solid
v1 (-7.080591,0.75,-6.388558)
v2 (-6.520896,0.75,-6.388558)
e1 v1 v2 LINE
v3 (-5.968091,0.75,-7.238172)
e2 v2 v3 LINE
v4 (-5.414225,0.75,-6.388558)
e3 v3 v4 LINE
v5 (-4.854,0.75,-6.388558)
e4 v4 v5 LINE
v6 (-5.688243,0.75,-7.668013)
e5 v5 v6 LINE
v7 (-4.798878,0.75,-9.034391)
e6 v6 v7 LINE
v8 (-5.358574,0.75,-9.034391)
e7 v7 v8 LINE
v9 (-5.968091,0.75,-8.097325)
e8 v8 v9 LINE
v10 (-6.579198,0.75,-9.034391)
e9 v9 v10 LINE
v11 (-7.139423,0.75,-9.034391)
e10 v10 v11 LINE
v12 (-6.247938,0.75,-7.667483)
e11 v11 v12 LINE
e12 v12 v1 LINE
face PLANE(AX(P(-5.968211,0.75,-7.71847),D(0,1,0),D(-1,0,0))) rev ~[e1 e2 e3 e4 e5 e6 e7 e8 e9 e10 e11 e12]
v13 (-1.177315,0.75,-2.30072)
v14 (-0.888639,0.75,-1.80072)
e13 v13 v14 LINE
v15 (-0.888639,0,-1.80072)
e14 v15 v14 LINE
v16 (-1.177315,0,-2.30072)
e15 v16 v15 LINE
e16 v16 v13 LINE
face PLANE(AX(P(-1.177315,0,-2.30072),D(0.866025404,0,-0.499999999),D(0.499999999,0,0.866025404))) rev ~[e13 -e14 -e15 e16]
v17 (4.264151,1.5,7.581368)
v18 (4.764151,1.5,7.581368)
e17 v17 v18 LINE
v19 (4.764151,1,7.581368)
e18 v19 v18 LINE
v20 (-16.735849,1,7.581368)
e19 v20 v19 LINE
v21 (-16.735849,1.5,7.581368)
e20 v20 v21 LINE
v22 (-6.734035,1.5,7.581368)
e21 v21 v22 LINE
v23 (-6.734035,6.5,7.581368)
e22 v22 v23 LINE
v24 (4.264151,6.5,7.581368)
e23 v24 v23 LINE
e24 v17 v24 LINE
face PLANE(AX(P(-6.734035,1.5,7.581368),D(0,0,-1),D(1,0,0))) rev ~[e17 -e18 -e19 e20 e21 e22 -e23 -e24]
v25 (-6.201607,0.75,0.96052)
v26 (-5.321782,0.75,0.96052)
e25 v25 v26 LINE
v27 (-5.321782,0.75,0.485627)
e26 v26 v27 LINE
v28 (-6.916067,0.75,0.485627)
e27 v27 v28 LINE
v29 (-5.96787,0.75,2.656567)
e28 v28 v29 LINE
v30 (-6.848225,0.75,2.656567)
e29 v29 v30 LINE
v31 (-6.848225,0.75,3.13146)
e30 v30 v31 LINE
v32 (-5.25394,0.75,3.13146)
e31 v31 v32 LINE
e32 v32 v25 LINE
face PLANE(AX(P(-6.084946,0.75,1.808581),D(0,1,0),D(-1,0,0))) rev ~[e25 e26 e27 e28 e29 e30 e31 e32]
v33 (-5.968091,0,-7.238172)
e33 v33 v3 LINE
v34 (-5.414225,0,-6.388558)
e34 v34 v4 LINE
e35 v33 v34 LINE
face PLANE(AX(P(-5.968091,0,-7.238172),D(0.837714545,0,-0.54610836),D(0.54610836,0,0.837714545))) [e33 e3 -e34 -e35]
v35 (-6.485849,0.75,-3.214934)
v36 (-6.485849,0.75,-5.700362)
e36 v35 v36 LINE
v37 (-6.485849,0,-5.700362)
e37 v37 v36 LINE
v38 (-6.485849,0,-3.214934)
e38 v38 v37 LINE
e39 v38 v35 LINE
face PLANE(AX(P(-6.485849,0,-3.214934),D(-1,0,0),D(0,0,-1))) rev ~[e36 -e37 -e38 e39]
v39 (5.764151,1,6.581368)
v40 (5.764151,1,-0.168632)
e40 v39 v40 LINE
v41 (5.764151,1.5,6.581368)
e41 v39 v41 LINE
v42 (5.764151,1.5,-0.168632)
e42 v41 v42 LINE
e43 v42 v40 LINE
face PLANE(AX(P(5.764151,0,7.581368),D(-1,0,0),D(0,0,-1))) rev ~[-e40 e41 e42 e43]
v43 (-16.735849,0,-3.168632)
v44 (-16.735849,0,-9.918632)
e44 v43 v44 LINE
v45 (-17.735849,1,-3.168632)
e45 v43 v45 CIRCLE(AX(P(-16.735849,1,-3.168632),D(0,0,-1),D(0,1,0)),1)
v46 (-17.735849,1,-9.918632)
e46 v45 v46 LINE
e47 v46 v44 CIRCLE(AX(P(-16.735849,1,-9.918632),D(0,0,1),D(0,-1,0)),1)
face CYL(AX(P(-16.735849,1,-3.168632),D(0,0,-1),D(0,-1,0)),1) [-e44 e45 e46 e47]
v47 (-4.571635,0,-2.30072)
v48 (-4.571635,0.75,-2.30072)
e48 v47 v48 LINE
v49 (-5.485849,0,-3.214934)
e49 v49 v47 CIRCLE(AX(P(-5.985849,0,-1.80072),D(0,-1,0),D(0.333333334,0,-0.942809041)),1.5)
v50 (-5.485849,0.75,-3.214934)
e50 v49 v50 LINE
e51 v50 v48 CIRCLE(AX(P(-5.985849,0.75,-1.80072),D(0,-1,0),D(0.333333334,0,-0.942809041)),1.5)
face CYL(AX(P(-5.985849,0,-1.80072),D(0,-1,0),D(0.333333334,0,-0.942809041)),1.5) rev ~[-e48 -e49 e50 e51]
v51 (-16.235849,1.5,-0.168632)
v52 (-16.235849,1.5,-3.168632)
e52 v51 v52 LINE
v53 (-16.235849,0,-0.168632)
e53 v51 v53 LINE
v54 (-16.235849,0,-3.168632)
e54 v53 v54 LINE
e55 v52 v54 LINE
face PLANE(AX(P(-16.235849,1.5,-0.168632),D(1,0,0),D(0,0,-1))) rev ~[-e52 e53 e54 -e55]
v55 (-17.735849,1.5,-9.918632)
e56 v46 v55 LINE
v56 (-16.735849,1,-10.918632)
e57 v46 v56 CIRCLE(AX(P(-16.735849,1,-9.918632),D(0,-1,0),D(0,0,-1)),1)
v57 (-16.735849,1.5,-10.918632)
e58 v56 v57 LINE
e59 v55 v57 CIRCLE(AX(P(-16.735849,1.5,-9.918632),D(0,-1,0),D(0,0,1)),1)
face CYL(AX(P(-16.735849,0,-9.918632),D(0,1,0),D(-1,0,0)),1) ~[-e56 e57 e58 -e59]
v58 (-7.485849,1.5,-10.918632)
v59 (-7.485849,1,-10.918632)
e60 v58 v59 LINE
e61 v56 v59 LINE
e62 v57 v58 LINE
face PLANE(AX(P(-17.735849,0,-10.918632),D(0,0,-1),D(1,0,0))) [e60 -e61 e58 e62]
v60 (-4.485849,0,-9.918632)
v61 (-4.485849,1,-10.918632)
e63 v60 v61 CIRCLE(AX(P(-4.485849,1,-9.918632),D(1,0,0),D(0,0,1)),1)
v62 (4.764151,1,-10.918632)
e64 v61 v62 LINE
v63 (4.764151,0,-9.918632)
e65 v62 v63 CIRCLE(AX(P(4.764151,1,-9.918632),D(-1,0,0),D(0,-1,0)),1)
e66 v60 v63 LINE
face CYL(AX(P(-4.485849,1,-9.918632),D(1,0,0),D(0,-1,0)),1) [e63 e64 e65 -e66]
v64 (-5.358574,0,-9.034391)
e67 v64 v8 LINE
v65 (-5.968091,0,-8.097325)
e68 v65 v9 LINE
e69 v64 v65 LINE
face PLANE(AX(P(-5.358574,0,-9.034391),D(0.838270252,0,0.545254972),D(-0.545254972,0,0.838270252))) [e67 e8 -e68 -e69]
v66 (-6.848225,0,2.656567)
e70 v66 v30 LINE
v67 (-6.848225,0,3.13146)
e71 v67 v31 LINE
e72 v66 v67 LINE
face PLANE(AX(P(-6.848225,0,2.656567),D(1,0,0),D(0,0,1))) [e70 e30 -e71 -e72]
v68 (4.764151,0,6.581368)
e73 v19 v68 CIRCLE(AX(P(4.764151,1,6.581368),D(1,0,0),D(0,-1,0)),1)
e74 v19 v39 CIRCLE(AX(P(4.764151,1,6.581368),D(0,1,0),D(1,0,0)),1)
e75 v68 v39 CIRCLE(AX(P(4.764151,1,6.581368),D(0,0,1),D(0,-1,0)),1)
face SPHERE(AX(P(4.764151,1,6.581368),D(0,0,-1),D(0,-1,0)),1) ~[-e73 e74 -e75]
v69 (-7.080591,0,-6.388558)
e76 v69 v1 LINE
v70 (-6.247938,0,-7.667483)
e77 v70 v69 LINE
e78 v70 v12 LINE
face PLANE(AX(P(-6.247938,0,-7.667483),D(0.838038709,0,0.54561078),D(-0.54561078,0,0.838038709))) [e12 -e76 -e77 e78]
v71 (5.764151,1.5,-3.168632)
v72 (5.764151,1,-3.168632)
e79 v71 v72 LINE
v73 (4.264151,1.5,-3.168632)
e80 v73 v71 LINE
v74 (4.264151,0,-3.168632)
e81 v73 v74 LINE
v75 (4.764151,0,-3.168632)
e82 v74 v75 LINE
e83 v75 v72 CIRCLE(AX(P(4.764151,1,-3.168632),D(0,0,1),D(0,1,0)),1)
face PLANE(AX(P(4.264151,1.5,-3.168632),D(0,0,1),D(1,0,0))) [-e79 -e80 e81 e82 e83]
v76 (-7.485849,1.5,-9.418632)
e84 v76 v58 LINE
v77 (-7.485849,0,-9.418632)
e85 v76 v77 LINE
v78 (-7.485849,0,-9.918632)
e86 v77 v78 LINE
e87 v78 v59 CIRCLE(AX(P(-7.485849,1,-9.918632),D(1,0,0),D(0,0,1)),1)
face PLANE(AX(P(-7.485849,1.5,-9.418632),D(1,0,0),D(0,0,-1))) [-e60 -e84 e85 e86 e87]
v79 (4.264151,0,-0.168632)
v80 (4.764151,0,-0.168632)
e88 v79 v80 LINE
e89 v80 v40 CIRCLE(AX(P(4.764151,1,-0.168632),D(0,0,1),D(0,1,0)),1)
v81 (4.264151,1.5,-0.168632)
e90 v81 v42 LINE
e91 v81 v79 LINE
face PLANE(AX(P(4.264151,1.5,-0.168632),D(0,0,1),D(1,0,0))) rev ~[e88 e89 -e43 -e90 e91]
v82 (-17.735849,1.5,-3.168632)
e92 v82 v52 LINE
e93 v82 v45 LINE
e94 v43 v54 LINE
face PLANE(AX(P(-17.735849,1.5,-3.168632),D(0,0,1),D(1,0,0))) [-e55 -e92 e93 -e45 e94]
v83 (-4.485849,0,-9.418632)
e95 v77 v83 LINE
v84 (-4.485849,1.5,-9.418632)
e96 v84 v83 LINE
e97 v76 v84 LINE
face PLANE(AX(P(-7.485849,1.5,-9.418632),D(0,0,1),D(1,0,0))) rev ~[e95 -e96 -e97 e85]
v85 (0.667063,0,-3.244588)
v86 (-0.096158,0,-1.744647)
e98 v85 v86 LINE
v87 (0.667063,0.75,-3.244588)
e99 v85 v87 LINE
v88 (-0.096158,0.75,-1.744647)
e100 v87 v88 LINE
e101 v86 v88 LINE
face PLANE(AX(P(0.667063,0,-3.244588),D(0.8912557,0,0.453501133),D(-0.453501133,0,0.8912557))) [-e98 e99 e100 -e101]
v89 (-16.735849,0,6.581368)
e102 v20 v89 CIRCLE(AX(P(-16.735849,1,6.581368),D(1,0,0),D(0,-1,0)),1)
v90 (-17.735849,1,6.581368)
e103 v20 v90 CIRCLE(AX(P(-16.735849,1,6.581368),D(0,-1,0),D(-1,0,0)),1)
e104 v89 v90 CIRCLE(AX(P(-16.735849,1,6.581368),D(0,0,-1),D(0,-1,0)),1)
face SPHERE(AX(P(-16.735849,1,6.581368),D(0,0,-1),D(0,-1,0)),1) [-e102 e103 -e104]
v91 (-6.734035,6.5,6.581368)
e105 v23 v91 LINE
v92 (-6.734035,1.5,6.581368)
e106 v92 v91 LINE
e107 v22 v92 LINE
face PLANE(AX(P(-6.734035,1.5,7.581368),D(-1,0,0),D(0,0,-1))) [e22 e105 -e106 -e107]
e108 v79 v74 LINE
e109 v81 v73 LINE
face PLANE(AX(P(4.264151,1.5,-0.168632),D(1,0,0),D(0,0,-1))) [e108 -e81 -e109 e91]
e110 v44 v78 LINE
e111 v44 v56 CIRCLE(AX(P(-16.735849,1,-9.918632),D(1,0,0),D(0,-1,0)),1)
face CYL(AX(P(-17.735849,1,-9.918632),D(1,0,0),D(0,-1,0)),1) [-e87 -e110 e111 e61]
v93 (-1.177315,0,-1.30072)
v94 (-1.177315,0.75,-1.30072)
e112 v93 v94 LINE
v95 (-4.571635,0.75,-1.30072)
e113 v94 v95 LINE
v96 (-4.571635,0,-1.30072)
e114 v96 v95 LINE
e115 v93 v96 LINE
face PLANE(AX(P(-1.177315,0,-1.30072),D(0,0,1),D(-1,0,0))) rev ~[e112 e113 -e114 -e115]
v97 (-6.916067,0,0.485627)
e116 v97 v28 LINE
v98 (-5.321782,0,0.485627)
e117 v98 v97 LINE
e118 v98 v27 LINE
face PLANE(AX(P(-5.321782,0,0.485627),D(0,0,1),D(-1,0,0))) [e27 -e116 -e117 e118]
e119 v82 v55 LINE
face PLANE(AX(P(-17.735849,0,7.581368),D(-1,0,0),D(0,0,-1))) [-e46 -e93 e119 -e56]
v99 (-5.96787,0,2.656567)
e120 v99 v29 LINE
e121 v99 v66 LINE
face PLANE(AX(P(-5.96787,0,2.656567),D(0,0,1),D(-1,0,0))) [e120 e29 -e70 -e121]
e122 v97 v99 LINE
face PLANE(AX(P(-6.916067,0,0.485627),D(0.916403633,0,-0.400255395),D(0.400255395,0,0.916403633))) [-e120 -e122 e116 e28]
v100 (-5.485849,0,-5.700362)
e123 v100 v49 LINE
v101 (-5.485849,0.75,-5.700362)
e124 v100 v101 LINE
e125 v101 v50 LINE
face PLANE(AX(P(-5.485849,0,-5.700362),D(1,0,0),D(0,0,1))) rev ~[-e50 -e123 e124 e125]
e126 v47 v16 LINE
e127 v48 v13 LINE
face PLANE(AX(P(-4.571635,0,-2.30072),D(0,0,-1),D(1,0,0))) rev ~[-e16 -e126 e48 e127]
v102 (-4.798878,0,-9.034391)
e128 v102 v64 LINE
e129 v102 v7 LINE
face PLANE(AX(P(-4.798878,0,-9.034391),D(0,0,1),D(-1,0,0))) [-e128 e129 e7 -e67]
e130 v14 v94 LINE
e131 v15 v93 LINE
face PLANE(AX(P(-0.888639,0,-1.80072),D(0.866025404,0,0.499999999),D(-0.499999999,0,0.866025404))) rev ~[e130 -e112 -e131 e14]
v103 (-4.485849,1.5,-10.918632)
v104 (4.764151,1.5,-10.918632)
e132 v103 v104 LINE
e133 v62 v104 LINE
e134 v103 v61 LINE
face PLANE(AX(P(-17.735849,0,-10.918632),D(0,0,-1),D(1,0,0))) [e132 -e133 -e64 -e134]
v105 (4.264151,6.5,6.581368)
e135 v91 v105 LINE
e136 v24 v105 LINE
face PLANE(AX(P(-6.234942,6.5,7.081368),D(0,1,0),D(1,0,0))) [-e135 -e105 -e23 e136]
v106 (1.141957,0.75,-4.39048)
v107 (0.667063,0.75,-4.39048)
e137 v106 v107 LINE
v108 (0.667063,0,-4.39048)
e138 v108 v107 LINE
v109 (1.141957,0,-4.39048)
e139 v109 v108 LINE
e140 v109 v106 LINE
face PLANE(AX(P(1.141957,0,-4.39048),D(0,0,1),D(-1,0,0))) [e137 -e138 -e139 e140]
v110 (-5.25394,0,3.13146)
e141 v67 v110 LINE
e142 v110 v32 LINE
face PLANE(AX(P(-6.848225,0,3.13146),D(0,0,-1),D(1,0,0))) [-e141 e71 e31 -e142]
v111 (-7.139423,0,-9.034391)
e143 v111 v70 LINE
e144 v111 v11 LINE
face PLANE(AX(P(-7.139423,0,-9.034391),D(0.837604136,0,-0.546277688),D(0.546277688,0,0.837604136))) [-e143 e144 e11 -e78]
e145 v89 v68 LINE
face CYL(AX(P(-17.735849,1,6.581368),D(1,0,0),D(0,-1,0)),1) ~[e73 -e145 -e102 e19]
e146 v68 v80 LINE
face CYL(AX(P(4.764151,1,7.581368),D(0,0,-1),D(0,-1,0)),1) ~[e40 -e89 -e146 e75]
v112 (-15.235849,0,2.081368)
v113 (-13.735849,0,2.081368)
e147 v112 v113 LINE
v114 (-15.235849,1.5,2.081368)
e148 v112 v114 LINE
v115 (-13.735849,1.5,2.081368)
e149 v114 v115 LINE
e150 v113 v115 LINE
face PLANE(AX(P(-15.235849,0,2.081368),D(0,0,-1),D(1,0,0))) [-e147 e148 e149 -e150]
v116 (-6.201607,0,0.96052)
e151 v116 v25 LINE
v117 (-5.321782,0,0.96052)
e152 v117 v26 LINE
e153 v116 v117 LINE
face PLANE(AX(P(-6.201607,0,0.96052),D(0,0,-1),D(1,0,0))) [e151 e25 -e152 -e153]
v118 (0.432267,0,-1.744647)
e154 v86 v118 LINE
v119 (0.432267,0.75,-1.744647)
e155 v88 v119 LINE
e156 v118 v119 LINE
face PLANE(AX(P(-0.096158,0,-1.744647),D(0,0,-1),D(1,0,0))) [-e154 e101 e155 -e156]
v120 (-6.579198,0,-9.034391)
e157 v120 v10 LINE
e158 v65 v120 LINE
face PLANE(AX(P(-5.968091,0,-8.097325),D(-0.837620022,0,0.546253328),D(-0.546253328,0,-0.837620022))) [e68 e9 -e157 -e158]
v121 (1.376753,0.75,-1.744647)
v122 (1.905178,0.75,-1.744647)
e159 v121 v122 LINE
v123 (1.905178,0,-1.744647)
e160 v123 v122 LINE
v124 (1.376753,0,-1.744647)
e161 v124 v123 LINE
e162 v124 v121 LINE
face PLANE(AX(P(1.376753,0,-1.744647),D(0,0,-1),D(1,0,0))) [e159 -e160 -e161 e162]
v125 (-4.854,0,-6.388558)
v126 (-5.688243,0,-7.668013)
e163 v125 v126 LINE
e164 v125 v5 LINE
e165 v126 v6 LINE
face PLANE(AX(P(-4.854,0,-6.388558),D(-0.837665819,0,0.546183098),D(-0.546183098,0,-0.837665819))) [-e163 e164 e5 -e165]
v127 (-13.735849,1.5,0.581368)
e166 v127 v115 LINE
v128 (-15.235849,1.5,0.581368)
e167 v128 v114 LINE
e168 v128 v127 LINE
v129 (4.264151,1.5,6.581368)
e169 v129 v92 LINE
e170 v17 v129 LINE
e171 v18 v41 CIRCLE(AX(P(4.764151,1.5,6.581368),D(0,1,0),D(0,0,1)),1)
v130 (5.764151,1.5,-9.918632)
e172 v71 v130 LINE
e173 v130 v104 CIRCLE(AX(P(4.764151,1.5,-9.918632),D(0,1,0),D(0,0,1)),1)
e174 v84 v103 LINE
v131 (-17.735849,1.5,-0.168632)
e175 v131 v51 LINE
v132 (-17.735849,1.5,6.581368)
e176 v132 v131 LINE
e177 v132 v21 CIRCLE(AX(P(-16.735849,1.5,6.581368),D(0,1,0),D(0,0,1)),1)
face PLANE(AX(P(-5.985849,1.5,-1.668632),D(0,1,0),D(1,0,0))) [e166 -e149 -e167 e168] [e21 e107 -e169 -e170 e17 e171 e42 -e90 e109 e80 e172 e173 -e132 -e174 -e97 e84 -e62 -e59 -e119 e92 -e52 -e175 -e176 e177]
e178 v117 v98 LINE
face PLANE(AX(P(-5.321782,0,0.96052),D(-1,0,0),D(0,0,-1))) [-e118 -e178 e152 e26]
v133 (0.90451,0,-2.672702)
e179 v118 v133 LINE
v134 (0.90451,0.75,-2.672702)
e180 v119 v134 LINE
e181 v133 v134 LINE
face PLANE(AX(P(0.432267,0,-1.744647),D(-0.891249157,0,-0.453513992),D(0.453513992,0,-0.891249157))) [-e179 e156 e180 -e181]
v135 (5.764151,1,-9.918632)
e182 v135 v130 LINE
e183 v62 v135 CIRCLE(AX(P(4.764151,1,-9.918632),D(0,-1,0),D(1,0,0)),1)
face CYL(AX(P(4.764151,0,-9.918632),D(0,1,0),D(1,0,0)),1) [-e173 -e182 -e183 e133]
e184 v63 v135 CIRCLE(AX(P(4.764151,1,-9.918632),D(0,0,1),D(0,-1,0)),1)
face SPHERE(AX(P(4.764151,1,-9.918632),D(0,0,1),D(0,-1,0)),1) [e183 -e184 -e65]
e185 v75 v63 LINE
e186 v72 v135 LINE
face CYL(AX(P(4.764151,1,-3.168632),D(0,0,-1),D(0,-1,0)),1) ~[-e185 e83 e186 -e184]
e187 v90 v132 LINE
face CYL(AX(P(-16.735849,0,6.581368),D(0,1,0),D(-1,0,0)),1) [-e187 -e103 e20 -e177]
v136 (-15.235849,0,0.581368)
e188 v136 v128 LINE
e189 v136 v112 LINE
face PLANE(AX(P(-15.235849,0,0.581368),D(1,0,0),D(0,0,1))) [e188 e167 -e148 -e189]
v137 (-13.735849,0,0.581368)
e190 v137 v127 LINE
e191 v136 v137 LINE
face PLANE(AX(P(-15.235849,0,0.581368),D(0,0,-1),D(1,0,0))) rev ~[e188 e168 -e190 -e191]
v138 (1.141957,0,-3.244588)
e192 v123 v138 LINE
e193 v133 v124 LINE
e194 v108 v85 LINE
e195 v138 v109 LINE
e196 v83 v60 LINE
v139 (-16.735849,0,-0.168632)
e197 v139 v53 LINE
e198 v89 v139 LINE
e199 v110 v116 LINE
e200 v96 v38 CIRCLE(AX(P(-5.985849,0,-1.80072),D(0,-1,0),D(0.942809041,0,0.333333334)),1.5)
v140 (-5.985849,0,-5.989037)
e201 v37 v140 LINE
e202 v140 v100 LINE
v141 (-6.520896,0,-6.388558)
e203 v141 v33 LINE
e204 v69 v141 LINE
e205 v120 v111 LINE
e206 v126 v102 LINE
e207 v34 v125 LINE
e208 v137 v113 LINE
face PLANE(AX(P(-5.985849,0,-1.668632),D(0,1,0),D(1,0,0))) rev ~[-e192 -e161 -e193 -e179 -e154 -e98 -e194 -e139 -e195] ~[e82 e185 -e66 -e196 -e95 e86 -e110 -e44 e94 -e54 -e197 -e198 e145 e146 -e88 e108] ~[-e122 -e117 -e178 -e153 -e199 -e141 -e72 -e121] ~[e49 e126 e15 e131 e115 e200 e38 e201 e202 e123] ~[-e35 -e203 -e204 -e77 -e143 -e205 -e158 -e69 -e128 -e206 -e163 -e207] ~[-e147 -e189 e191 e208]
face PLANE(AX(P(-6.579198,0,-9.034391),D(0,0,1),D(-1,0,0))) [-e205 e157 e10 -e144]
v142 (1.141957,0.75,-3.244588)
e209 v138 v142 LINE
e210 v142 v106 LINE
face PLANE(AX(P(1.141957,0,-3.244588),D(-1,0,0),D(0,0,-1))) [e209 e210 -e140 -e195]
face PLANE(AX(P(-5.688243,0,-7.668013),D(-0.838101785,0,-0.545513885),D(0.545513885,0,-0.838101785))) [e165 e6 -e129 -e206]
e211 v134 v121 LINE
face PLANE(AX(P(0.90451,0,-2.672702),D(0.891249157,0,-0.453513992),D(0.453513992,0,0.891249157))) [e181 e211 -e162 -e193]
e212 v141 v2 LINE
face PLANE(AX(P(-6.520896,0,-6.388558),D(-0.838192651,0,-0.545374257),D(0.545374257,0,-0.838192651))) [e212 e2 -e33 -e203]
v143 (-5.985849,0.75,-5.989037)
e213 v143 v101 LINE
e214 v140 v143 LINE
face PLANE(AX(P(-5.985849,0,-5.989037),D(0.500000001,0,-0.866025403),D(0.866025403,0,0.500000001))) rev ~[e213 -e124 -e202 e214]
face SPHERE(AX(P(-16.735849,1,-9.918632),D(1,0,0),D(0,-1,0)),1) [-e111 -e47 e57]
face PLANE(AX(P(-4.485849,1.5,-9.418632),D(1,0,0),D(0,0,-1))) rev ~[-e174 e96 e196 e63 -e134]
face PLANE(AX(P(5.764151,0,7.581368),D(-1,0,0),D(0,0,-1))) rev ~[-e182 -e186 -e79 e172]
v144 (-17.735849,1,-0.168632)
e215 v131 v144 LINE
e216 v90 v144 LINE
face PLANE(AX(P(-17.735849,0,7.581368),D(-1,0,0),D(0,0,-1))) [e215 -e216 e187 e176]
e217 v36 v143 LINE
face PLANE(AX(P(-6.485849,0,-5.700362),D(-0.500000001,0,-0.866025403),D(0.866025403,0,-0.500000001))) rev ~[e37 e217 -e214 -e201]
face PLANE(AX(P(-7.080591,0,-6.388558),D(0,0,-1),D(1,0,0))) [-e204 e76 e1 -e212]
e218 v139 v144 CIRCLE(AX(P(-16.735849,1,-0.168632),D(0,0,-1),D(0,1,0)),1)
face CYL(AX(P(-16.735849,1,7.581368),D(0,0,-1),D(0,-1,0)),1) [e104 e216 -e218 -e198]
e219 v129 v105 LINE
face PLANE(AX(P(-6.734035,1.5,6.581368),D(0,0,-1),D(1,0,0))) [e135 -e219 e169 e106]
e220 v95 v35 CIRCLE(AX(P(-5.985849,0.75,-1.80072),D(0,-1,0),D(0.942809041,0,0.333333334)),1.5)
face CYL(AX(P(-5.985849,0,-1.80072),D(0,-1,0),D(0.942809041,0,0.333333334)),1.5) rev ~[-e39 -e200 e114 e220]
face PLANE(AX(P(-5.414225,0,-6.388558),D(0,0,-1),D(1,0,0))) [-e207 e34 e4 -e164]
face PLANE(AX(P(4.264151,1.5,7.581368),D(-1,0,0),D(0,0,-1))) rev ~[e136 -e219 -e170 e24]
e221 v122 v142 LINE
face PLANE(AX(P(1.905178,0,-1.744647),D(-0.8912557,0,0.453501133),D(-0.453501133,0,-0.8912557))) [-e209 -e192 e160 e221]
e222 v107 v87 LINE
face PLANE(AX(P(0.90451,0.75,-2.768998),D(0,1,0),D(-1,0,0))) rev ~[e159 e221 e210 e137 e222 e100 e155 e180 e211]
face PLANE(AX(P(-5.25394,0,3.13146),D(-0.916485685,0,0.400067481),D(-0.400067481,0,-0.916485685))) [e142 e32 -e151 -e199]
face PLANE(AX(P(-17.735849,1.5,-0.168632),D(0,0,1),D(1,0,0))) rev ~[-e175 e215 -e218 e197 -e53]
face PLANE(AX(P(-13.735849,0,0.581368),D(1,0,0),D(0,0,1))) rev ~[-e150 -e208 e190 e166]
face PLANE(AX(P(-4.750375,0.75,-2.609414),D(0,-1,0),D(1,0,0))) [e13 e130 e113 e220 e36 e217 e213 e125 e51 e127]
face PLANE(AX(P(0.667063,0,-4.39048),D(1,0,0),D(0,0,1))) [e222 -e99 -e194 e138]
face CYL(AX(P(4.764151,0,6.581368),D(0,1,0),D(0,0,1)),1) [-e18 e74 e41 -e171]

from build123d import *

# Parameters (mm, degrees)
SKETCH1_W           = 23.5
SKETCH1_H           = 18.5
BOSS_EXTRUDE1_DEPTH = 1.5
SKETCH2_W           = 3
SKETCH2_H           = 1.5
SKETCH2_W_2         = 1.5
SKETCH2_H_2         = 3
CUT_EXTRUDE1_DEPTH  = 1.5
SKETCH3_W           = 10
SKETCH3_H           = 1
BOSS_EXTRUDE2_DEPTH = 5
CUT_EXTRUDE3_DEPTH  = 0.75
SKETCH5_W           = 1.5
SKETCH5_H           = 1.5
CUT_EXTRUDE4_DEPTH  = 1.5
FILLET1_R           = 1
FILLET4_R           = 1
SKETCH7_W           = 0.998185699
SKETCH7_H           = 1
BOSS_EXTRUDE3_DEPTH = 5


with BuildPart() as part:
    # Sketch1 → Boss-Extrude1 (new body)
    with BuildSketch(Plane(origin=(0, 0, 0), x_dir=(1, 0, 0), z_dir=(0, 1, 0))):
        with Locations((-5.985849057, 1.668632075)):
            Rectangle(SKETCH1_W, SKETCH1_H)
    extrude(amount=BOSS_EXTRUDE1_DEPTH)

    # Sketch2 → Cut-Extrude1 (cut)
    with BuildSketch(Plane(origin=(0, 1.5, 0), x_dir=(1, 0, 0), z_dir=(0, 1, 0))):
        with Locations((-5.985849057, 10.168632075)):
            Rectangle(SKETCH2_W, SKETCH2_H)
        with Locations((-16.985849057, 1.668632075)):
            Rectangle(SKETCH2_W_2, SKETCH2_H_2)
        with Locations((5.014150943, 1.668632075)):
            Rectangle(SKETCH2_W_2, SKETCH2_H_2)
    extrude(amount=-CUT_EXTRUDE1_DEPTH, mode=Mode.SUBTRACT)

    # Sketch3 → Boss-Extrude2 (add)
    with BuildSketch(Plane(origin=(0, 1.5, 0), x_dir=(1, 0, 0), z_dir=(0, 1, 0))):
        with Locations((-0.735849057, -7.081367925)):
            Rectangle(SKETCH3_W, SKETCH3_H)
    extrude(amount=BOSS_EXTRUDE2_DEPTH)

    # Sketch4 → Cut-Extrude3 (cut)
    with BuildSketch(Plane.XZ):
        with BuildLine():
            Line((-1.177314548, -2.300719994), (-0.888639414, -1.800719994))
            Line((-0.888639414, -1.800719994), (-1.177314548, -1.300719994))
            Line((-1.177314548, -1.300719994), (-4.571635494, -1.300719994))
            ThreePointArc((-4.571635494, -1.300719994), (-7.046509228, -0.740059822), (-6.485849057, -3.214933557))
            Line((-6.485849057, -3.214933557), (-6.485849057, -5.700361827))
            Line((-6.485849057, -5.700361827), (-5.985849057, -5.989036962))
            Line((-5.985849057, -5.989036962), (-5.485849057, -5.700361827))
            Line((-5.485849057, -5.700361827), (-5.485849057, -3.214933557))
            ThreePointArc((-5.485849057, -3.214933557), (-4.925188885, -2.861380166), (-4.571635494, -2.300719994))
            Line((-4.571635494, -2.300719994), (-1.177314548, -2.300719994))
        make_face()
        Polygon((-7.080591406, -6.388557959), (-6.520895893, -6.388557959), (-5.968090572, -7.238171507), (-5.41422522, -6.388557959), (-4.853999693, -6.388557959), (-5.688242815, -7.668013421), (-4.798878165, -9.034391292), (-5.358573678, -9.034391292), (-5.968090572, -8.09732532), (-6.579197509, -9.034391292), (-7.139423037, -9.034391292), (-6.247938328, -7.667483406), align=None)
        Polygon((-6.848224631, 3.131460083), (-5.253940443, 3.131460083), (-6.201606709, 0.960519912), (-5.321782324, 0.960519912), (-5.321782324, 0.48562675), (-6.916066512, 0.48562675), (-5.967870231, 2.656566921), (-6.848224631, 2.656566921), align=None)
        Polygon((-0.096157656, -1.744646719), (0.43226699, -1.744646719), (0.904510079, -2.672702441), (1.376753168, -1.744646719), (1.905177814, -1.744646719), (1.14195666, -3.244588292), (1.14195666, -4.390480052), (0.667063498, -4.390480052), (0.667063498, -3.244588292), align=None)
    extrude(amount=-CUT_EXTRUDE3_DEPTH, mode=Mode.SUBTRACT)

    # Sketch5 → Cut-Extrude4 (cut)
    with BuildSketch(Plane.XZ):
        with Locations((-14.485849057, 1.331367925)):
            Rectangle(SKETCH5_W, SKETCH5_H)
    extrude(amount=-CUT_EXTRUDE4_DEPTH, mode=Mode.SUBTRACT)

    # Fillet1
    fillet1_edges = [part.edges().sort_by_distance(p)[0] for p in [
        (-12.610849057, 0, -10.918632075),
        (5.764150943, 0, -7.043632075),
        (0.639150943, 0, -10.918632075),
        (-17.735849057, 0, -7.043632075),
        (-17.735849057, 0.75, -10.918632075),
        (5.764150943, 0.75, -10.918632075),
    ]]
    fillet(fillet1_edges, radius=FILLET1_R)

    # Fillet4
    fillet4_edges = [part.edges().sort_by_distance(p)[0] for p in [
        (-17.735849057, 0, 3.706367925),
        (5.764150943, 0, 3.706367925),
        (-5.985849057, 0, 7.581367925),
        (5.764150943, 0.75, 7.581367925),
        (-17.735849057, 0.75, 7.581367925),
    ]]
    fillet(fillet4_edges, radius=FILLET4_R)

    # Sketch7 → Boss-Extrude3 (add)
    with BuildSketch(Plane(origin=(0, 1.5, 0), x_dir=(1, 0, 0), z_dir=(0, 1, 0))):
        with Locations((-6.234941907, -7.081367925)):
            Rectangle(SKETCH7_W, SKETCH7_H)
    extrude(amount=BOSS_EXTRUDE3_DEPTH)


solid = part.part
